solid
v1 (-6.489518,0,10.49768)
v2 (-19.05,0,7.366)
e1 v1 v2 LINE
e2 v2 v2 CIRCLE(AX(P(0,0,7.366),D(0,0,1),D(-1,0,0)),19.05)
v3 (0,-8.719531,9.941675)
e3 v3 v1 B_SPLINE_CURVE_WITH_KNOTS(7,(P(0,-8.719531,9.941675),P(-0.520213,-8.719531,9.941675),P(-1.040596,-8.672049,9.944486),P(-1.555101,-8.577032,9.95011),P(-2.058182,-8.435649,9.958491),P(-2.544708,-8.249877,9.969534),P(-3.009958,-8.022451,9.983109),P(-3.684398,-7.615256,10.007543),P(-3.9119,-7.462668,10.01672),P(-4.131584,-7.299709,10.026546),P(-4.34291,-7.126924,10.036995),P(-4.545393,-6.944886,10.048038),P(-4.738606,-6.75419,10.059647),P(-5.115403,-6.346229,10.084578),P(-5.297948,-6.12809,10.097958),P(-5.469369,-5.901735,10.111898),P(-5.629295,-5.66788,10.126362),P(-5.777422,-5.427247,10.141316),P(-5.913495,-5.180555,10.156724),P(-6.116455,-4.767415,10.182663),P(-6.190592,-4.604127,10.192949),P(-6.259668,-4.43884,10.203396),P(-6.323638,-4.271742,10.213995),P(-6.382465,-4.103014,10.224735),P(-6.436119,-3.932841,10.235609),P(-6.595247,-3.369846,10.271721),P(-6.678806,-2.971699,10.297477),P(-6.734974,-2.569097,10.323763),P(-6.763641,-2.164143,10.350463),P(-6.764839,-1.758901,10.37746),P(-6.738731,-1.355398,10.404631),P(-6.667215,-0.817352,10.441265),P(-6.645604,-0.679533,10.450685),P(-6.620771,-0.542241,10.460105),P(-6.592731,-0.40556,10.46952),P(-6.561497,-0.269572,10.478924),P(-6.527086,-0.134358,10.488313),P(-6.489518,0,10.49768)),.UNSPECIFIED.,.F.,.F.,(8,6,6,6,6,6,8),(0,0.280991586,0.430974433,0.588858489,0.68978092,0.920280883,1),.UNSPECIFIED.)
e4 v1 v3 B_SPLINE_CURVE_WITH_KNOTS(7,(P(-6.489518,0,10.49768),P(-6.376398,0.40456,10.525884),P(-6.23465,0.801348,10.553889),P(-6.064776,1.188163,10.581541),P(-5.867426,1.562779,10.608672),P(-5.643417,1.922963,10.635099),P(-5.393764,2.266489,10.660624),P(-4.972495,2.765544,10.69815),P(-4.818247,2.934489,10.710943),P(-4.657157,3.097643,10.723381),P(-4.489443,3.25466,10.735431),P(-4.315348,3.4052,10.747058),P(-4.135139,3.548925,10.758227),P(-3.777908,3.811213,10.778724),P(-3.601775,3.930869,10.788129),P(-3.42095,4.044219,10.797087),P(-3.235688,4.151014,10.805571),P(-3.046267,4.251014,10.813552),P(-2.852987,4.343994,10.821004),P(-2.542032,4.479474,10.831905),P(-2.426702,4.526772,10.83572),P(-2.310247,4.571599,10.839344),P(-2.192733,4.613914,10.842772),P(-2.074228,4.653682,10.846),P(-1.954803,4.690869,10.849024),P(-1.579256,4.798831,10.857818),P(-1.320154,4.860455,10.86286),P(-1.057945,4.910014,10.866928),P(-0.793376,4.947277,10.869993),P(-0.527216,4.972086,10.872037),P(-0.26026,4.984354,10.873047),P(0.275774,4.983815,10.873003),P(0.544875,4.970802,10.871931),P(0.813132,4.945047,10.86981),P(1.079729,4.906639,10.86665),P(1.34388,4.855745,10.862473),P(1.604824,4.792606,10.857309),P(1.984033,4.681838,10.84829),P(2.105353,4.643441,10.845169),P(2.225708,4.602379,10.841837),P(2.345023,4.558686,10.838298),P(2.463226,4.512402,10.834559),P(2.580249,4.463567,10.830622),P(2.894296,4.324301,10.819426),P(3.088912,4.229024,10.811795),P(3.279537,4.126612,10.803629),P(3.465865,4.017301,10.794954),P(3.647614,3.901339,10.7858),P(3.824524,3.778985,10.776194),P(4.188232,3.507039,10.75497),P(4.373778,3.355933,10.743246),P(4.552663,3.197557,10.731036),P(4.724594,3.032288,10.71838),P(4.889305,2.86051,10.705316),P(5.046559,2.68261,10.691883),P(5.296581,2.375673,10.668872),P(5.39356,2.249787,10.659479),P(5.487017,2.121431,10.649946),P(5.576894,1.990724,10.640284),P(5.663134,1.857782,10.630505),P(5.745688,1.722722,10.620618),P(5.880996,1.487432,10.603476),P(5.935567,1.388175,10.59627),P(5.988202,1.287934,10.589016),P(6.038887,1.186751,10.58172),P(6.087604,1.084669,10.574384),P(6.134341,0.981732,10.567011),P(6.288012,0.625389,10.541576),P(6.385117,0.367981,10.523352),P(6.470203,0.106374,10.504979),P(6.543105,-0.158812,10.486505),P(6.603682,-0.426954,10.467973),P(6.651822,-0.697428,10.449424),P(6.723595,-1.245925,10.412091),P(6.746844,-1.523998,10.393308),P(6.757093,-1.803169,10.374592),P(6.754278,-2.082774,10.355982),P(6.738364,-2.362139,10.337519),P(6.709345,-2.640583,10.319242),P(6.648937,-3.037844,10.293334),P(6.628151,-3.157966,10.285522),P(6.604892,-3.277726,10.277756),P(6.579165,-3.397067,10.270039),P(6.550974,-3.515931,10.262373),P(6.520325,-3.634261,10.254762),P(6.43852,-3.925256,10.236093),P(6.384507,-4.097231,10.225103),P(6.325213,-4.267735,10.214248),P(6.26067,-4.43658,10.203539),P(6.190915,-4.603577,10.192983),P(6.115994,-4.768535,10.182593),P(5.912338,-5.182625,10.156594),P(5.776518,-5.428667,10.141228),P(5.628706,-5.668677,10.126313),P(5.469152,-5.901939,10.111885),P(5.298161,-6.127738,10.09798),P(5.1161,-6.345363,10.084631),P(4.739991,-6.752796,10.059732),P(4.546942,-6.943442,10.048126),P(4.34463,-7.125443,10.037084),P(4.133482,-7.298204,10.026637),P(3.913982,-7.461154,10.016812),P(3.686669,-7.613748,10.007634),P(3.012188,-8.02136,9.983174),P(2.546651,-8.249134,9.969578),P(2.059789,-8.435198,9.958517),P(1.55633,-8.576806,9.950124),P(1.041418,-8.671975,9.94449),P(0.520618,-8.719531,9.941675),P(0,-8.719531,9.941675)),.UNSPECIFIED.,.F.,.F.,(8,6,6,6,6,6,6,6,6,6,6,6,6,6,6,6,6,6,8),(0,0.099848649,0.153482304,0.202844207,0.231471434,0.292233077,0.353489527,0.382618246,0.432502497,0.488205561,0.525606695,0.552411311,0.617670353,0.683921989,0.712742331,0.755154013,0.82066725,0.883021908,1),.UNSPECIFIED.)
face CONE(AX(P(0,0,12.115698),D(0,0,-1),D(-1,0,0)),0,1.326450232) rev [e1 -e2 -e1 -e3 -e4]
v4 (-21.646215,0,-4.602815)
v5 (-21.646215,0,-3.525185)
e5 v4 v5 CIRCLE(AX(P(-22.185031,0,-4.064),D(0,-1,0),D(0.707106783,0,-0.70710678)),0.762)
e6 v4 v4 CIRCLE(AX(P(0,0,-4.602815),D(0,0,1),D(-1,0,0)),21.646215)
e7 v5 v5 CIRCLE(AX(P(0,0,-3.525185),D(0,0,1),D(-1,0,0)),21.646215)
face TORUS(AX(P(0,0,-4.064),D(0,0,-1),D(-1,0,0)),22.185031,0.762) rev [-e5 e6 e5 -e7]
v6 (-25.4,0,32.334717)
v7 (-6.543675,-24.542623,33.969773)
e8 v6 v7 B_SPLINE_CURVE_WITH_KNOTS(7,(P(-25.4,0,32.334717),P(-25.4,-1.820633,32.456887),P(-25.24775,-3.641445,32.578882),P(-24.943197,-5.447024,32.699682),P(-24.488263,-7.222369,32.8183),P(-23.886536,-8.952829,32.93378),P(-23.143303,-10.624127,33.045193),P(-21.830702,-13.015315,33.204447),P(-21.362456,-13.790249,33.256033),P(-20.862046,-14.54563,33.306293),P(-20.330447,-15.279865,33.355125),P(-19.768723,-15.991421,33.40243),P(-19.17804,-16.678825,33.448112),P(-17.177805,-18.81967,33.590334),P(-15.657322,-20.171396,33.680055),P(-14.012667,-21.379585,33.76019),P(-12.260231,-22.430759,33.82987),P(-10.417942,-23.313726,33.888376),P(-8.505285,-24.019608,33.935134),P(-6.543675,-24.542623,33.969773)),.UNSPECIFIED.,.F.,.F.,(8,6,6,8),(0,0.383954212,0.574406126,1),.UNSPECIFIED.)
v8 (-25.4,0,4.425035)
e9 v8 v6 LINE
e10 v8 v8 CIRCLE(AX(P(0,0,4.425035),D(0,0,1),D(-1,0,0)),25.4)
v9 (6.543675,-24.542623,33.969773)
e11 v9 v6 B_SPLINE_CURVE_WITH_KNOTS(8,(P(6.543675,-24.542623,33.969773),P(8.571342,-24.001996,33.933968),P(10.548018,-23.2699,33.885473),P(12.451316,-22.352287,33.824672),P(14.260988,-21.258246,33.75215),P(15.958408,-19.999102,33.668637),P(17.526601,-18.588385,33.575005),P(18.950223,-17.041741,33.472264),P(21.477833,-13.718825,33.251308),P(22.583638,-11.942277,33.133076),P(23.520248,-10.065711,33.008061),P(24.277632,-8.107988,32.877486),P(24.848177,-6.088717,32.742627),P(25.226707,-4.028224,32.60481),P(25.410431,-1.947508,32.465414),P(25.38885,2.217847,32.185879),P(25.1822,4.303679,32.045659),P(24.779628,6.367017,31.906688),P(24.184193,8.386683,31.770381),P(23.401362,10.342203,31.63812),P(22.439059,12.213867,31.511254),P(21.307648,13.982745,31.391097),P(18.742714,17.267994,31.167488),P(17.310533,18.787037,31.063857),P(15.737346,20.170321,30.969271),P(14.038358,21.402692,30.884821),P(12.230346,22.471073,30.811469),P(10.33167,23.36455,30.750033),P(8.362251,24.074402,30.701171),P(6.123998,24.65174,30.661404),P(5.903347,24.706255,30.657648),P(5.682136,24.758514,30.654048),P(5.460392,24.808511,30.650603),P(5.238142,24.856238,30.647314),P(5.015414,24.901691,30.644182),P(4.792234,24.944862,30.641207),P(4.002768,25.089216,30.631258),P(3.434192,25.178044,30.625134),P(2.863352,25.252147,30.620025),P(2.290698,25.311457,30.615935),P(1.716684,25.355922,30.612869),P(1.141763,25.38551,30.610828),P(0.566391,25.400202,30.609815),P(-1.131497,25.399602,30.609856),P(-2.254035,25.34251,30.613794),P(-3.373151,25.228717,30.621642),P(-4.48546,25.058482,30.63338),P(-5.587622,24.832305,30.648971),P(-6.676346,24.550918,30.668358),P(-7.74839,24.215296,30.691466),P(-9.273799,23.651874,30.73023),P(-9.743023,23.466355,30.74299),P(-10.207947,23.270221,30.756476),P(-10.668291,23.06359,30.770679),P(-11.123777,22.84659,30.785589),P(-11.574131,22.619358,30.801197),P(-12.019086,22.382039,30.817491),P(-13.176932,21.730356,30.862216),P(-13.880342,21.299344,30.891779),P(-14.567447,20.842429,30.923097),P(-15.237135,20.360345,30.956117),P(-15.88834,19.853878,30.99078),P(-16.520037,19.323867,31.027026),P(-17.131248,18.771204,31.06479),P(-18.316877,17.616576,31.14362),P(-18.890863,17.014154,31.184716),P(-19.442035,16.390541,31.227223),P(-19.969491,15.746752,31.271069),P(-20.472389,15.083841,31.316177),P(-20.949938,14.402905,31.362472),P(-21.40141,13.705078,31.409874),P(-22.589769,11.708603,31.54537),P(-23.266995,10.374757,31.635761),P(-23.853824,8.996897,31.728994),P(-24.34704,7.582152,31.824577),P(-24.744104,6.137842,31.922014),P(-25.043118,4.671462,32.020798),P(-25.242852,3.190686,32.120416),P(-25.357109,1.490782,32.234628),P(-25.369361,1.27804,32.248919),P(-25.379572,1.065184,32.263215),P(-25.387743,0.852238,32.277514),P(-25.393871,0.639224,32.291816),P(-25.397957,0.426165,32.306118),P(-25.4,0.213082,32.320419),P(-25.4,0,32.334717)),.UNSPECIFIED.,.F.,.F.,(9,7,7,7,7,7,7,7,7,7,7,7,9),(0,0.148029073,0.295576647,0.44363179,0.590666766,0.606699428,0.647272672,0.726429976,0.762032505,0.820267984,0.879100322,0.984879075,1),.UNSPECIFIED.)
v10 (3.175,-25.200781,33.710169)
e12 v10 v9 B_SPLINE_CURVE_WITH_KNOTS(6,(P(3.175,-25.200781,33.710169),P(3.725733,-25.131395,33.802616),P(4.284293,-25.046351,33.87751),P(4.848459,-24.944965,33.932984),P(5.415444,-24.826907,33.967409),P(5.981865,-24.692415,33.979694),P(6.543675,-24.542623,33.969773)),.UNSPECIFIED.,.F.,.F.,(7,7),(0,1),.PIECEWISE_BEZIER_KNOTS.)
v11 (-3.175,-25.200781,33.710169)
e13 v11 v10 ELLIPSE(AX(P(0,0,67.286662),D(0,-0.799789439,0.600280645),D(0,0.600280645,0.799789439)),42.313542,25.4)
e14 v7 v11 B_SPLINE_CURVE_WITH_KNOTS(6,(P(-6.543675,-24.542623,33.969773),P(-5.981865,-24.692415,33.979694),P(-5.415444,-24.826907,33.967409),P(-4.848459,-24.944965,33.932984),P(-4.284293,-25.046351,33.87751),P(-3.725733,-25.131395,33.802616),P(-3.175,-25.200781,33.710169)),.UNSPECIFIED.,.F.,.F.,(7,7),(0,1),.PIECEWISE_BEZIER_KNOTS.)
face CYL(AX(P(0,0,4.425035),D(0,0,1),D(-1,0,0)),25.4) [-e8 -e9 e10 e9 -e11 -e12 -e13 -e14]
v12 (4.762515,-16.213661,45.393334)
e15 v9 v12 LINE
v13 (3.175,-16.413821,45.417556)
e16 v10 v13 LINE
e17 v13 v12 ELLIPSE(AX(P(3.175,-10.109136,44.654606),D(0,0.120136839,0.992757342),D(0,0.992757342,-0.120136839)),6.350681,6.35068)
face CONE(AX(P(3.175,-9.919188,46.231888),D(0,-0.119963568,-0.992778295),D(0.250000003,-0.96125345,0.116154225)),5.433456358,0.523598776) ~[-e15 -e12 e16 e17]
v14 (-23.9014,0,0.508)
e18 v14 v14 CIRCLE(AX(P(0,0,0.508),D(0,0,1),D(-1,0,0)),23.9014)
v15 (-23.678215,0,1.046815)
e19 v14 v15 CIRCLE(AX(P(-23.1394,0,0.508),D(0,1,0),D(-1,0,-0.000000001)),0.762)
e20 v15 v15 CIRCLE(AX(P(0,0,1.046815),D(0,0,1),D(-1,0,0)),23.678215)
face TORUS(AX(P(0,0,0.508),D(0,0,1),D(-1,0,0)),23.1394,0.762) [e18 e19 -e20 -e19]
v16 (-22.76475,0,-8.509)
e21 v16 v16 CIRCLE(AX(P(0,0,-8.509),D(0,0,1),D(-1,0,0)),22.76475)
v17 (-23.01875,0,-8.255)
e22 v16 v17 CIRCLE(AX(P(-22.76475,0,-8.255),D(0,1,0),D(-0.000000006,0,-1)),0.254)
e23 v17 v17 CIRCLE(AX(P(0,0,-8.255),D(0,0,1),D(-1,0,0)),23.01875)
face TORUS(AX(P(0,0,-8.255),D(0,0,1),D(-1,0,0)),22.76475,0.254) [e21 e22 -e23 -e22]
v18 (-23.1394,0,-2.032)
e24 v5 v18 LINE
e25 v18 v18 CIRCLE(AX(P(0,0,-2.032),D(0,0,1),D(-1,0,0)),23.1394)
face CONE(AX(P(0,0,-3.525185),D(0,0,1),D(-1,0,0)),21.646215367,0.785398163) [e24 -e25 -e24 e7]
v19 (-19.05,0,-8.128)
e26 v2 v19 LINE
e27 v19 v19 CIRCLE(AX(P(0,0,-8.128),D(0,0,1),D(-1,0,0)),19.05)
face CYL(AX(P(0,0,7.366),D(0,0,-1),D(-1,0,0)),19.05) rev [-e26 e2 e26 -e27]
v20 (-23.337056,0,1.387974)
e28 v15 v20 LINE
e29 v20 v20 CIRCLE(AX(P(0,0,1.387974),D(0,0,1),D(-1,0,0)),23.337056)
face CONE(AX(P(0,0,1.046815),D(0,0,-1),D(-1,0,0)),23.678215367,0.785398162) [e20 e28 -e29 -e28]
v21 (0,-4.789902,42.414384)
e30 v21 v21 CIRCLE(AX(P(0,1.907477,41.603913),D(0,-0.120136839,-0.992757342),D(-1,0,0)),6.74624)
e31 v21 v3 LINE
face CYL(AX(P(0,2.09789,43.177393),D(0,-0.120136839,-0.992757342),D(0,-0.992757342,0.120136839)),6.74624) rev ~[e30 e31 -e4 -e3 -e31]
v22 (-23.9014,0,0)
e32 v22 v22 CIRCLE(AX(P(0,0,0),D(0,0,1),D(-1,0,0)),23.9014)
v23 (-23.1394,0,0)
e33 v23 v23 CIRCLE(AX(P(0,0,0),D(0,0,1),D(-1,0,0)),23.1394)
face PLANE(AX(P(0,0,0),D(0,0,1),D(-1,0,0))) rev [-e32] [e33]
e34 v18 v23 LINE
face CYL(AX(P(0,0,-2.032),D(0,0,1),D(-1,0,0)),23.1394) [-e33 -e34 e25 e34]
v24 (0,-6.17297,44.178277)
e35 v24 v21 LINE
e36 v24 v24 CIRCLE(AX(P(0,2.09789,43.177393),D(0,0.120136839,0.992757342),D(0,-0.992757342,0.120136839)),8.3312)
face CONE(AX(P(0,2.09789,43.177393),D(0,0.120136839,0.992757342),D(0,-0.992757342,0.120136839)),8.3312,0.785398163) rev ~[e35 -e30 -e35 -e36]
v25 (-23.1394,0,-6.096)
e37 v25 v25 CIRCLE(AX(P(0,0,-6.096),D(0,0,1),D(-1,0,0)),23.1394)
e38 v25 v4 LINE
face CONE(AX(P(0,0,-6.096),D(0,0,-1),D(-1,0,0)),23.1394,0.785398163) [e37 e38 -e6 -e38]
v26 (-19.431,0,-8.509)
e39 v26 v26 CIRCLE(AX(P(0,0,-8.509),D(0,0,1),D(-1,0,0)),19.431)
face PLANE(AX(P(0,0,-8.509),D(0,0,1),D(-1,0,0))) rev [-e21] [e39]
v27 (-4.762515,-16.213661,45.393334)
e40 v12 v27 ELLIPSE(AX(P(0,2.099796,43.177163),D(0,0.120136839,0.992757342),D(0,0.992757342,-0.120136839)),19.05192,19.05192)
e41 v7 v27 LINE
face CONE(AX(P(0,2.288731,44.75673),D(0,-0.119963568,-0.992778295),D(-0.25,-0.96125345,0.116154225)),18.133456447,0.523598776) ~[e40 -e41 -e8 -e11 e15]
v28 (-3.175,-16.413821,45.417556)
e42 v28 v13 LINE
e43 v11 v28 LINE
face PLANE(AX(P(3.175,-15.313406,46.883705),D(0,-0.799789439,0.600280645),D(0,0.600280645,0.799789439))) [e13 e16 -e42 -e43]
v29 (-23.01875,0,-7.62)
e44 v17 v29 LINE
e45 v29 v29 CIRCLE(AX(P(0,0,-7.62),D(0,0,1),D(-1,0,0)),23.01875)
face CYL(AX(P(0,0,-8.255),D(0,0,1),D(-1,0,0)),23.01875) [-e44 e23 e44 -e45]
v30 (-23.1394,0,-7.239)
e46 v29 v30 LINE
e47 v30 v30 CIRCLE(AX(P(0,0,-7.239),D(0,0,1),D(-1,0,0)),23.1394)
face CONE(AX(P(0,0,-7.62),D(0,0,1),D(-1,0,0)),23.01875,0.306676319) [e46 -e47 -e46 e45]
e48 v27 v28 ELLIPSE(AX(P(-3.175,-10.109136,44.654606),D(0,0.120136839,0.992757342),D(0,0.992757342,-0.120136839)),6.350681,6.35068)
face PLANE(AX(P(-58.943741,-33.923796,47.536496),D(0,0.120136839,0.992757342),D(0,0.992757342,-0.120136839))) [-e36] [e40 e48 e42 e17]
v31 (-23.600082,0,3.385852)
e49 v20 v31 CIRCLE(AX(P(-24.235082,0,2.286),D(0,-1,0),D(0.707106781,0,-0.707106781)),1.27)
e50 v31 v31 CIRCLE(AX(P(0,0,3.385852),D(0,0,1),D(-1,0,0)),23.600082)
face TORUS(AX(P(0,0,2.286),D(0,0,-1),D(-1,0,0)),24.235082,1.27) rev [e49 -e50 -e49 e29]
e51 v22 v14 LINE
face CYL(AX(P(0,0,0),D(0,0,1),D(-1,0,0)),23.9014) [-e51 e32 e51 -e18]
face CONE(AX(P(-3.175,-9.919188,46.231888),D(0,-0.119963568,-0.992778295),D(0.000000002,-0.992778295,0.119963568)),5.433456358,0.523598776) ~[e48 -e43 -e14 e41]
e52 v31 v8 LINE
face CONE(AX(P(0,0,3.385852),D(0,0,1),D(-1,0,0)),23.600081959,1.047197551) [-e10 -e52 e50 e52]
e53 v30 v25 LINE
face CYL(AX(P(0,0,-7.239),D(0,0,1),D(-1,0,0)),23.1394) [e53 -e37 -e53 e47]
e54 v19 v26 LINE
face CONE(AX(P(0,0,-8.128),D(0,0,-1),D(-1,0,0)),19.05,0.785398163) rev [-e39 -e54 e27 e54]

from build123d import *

# Parameters (mm, degrees)
FCE_00_TRIM_END_DEPTH             = 58.943741301
FCE_00_TRIM_END_DEPTH_BACK        = 58.943741301
F_5_8_11_TAPPED_HOLE1_D           = 13.49248
F_5_8_11_TAPPED_HOLE1_DEPTH       = 40.1193
F_5_8_11_TAPPED_HOLE1_CSINK_D     = 16.6624
F_5_8_11_TAPPED_HOLE1_CSINK_ANGLE = 90
F_5_8_11_TAPPED_HOLE1_TIP         = 4.053549943
FCH_00_CHAMFER_0_015_SIZE         = 0.381


with BuildPart() as part:
    # Sketch3 → FBR-00 Basic blank revolve. (revolve)
    with BuildSketch(Plane(origin=(0, 0, 0), x_dir=(0, 0, -1), z_dir=(1, 0, 0)), mode=Mode.PRIVATE) as fbr_00_basic_blank_revolve_sk:
        with BuildLine():
            Line((-45.466, 0), (-12.115698454, 0))
            Line((-12.115698454, 0), (-7.366, 19.05))
            Line((-7.366, 19.05), (8.509, 19.05))
            Line((8.509, 19.05), (8.509, 22.76475))
            ThreePointArc((8.509, 22.76475), (8.434605122, 22.944355122), (8.255, 23.01875))
            Line((8.255, 23.01875), (7.62, 23.01875))
            Line((7.62, 23.01875), (7.239, 23.1394))
            Line((7.239, 23.1394), (6.096, 23.1394))
            Line((6.096, 23.1394), (4.602815367, 21.646215367))
            ThreePointArc((4.602815367, 21.646215367), (4.064, 21.423030735), (3.525184633, 21.646215367))
            Line((3.525184633, 21.646215367), (2.032, 23.1394))
            Line((2.032, 23.1394), (0, 23.1394))
            Line((0, 23.1394), (0, 23.9014))
            Line((0, 23.9014), (-0.508, 23.9014))
            ThreePointArc((-0.508, 23.9014), (-0.799604775, 23.843396204), (-1.046815367, 23.678215367))
            Line((-1.046815367, 23.678215367), (-1.387974388, 23.337056347))
            ThreePointArc((-1.387974388, 23.337056347), (-2.451768264, 22.975946985), (-3.385852263, 23.600081959))
            Line((-3.385852263, 23.600081959), (-4.425035428, 25.4))
            Line((-4.425035428, 25.4), (-45.466, 25.4))
            Line((-45.466, 25.4), (-45.466, 0))
        make_face()
    revolve(fbr_00_basic_blank_revolve_sk.sketch.rotate(Axis((0, 0, -27.766671499), (0, 0, 1)), 90), axis=Axis((0, 0, -27.766671499), (0, 0, 1)))

    # Sketch19 → FCE-00 Trim end. (cut, two sides: drawn at the far end of the back side and taken through both)
    with BuildSketch(Plane(origin=(0, 0, 0), x_dir=(0, 0, -1), z_dir=(1, 0, 0)).offset(-FCE_00_TRIM_END_DEPTH_BACK)):
        Polygon((-68.346920588, -205.891877202), (-47.536496087, -33.923795537), (-39.26053446, 34.465066253), (-18.450109959, 206.433147918), (-362.38627329, 248.05399692), (-412.283083919, -164.271028201), align=None)
    extrude(amount=FCE_00_TRIM_END_DEPTH + FCE_00_TRIM_END_DEPTH_BACK, mode=Mode.SUBTRACT)

    # 5/8-11 Tapped Hole1
    with Locations(Plane(origin=(0, 2.097889548, 43.17739322), x_dir=(0, 0.992757341929, -0.120136838835), z_dir=(0, 0.120136838835, 0.992757341929))):
        with Locations((0, 0)):
            CounterSinkHole(F_5_8_11_TAPPED_HOLE1_D / 2, F_5_8_11_TAPPED_HOLE1_CSINK_D / 2, depth=F_5_8_11_TAPPED_HOLE1_DEPTH, counter_sink_angle=F_5_8_11_TAPPED_HOLE1_CSINK_ANGLE)
            with Locations((0, 0, -(F_5_8_11_TAPPED_HOLE1_DEPTH + F_5_8_11_TAPPED_HOLE1_TIP / 2))):  # 118° drill point
                Cone(0, F_5_8_11_TAPPED_HOLE1_D / 2, F_5_8_11_TAPPED_HOLE1_TIP, mode=Mode.SUBTRACT)

    # FCS-00 Bevel.: sweep along a path in Sketch22
    with BuildLine(Plane(origin=(0, -16.814137816, 45.466), x_dir=(-1, 0, 0), z_dir=(0, -0.11996356816283467, -0.9927782946426865))) as fcs_00_bevel_path:
        Line((-3.175, 0.403277876), (3.175, 0.403277876))
        ThreePointArc((3.175, 0.403277876), (3.975127257, 0.453889304), (4.7625, 0.604916814))
        ThreePointArc((4.7625, 0.604916814), (0, 38.1), (-4.7625, 0.604916814))
        ThreePointArc((-4.7625, 0.604916814), (-3.975127257, 0.453889304), (-3.175, 0.403277876))
    # Sketch31 → FCS-00 Bevel. (sweep, cut)
    with BuildSketch(Plane(origin=(0, 0, 0), x_dir=(0, 0, -1), z_dir=(1, 0, 0))):
        Polygon((-46.883705055, -15.313405584), (-11.697696067, -41.722206608), (-12.459464725, -48.026348779), (-50.284317751, -43.455736832), align=None)
    sweep(path=fcs_00_bevel_path.line, mode=Mode.SUBTRACT)

    # FCH-00 Chamfer 0.015
    fch_00_chamfer_0_015_edges = [part.edges().sort_by_distance(p)[0] for p in [
        (19.05, 0, -8.509),
    ]]
    chamfer(fch_00_chamfer_0_015_edges, length=FCH_00_CHAMFER_0_015_SIZE)


solid = part.part
